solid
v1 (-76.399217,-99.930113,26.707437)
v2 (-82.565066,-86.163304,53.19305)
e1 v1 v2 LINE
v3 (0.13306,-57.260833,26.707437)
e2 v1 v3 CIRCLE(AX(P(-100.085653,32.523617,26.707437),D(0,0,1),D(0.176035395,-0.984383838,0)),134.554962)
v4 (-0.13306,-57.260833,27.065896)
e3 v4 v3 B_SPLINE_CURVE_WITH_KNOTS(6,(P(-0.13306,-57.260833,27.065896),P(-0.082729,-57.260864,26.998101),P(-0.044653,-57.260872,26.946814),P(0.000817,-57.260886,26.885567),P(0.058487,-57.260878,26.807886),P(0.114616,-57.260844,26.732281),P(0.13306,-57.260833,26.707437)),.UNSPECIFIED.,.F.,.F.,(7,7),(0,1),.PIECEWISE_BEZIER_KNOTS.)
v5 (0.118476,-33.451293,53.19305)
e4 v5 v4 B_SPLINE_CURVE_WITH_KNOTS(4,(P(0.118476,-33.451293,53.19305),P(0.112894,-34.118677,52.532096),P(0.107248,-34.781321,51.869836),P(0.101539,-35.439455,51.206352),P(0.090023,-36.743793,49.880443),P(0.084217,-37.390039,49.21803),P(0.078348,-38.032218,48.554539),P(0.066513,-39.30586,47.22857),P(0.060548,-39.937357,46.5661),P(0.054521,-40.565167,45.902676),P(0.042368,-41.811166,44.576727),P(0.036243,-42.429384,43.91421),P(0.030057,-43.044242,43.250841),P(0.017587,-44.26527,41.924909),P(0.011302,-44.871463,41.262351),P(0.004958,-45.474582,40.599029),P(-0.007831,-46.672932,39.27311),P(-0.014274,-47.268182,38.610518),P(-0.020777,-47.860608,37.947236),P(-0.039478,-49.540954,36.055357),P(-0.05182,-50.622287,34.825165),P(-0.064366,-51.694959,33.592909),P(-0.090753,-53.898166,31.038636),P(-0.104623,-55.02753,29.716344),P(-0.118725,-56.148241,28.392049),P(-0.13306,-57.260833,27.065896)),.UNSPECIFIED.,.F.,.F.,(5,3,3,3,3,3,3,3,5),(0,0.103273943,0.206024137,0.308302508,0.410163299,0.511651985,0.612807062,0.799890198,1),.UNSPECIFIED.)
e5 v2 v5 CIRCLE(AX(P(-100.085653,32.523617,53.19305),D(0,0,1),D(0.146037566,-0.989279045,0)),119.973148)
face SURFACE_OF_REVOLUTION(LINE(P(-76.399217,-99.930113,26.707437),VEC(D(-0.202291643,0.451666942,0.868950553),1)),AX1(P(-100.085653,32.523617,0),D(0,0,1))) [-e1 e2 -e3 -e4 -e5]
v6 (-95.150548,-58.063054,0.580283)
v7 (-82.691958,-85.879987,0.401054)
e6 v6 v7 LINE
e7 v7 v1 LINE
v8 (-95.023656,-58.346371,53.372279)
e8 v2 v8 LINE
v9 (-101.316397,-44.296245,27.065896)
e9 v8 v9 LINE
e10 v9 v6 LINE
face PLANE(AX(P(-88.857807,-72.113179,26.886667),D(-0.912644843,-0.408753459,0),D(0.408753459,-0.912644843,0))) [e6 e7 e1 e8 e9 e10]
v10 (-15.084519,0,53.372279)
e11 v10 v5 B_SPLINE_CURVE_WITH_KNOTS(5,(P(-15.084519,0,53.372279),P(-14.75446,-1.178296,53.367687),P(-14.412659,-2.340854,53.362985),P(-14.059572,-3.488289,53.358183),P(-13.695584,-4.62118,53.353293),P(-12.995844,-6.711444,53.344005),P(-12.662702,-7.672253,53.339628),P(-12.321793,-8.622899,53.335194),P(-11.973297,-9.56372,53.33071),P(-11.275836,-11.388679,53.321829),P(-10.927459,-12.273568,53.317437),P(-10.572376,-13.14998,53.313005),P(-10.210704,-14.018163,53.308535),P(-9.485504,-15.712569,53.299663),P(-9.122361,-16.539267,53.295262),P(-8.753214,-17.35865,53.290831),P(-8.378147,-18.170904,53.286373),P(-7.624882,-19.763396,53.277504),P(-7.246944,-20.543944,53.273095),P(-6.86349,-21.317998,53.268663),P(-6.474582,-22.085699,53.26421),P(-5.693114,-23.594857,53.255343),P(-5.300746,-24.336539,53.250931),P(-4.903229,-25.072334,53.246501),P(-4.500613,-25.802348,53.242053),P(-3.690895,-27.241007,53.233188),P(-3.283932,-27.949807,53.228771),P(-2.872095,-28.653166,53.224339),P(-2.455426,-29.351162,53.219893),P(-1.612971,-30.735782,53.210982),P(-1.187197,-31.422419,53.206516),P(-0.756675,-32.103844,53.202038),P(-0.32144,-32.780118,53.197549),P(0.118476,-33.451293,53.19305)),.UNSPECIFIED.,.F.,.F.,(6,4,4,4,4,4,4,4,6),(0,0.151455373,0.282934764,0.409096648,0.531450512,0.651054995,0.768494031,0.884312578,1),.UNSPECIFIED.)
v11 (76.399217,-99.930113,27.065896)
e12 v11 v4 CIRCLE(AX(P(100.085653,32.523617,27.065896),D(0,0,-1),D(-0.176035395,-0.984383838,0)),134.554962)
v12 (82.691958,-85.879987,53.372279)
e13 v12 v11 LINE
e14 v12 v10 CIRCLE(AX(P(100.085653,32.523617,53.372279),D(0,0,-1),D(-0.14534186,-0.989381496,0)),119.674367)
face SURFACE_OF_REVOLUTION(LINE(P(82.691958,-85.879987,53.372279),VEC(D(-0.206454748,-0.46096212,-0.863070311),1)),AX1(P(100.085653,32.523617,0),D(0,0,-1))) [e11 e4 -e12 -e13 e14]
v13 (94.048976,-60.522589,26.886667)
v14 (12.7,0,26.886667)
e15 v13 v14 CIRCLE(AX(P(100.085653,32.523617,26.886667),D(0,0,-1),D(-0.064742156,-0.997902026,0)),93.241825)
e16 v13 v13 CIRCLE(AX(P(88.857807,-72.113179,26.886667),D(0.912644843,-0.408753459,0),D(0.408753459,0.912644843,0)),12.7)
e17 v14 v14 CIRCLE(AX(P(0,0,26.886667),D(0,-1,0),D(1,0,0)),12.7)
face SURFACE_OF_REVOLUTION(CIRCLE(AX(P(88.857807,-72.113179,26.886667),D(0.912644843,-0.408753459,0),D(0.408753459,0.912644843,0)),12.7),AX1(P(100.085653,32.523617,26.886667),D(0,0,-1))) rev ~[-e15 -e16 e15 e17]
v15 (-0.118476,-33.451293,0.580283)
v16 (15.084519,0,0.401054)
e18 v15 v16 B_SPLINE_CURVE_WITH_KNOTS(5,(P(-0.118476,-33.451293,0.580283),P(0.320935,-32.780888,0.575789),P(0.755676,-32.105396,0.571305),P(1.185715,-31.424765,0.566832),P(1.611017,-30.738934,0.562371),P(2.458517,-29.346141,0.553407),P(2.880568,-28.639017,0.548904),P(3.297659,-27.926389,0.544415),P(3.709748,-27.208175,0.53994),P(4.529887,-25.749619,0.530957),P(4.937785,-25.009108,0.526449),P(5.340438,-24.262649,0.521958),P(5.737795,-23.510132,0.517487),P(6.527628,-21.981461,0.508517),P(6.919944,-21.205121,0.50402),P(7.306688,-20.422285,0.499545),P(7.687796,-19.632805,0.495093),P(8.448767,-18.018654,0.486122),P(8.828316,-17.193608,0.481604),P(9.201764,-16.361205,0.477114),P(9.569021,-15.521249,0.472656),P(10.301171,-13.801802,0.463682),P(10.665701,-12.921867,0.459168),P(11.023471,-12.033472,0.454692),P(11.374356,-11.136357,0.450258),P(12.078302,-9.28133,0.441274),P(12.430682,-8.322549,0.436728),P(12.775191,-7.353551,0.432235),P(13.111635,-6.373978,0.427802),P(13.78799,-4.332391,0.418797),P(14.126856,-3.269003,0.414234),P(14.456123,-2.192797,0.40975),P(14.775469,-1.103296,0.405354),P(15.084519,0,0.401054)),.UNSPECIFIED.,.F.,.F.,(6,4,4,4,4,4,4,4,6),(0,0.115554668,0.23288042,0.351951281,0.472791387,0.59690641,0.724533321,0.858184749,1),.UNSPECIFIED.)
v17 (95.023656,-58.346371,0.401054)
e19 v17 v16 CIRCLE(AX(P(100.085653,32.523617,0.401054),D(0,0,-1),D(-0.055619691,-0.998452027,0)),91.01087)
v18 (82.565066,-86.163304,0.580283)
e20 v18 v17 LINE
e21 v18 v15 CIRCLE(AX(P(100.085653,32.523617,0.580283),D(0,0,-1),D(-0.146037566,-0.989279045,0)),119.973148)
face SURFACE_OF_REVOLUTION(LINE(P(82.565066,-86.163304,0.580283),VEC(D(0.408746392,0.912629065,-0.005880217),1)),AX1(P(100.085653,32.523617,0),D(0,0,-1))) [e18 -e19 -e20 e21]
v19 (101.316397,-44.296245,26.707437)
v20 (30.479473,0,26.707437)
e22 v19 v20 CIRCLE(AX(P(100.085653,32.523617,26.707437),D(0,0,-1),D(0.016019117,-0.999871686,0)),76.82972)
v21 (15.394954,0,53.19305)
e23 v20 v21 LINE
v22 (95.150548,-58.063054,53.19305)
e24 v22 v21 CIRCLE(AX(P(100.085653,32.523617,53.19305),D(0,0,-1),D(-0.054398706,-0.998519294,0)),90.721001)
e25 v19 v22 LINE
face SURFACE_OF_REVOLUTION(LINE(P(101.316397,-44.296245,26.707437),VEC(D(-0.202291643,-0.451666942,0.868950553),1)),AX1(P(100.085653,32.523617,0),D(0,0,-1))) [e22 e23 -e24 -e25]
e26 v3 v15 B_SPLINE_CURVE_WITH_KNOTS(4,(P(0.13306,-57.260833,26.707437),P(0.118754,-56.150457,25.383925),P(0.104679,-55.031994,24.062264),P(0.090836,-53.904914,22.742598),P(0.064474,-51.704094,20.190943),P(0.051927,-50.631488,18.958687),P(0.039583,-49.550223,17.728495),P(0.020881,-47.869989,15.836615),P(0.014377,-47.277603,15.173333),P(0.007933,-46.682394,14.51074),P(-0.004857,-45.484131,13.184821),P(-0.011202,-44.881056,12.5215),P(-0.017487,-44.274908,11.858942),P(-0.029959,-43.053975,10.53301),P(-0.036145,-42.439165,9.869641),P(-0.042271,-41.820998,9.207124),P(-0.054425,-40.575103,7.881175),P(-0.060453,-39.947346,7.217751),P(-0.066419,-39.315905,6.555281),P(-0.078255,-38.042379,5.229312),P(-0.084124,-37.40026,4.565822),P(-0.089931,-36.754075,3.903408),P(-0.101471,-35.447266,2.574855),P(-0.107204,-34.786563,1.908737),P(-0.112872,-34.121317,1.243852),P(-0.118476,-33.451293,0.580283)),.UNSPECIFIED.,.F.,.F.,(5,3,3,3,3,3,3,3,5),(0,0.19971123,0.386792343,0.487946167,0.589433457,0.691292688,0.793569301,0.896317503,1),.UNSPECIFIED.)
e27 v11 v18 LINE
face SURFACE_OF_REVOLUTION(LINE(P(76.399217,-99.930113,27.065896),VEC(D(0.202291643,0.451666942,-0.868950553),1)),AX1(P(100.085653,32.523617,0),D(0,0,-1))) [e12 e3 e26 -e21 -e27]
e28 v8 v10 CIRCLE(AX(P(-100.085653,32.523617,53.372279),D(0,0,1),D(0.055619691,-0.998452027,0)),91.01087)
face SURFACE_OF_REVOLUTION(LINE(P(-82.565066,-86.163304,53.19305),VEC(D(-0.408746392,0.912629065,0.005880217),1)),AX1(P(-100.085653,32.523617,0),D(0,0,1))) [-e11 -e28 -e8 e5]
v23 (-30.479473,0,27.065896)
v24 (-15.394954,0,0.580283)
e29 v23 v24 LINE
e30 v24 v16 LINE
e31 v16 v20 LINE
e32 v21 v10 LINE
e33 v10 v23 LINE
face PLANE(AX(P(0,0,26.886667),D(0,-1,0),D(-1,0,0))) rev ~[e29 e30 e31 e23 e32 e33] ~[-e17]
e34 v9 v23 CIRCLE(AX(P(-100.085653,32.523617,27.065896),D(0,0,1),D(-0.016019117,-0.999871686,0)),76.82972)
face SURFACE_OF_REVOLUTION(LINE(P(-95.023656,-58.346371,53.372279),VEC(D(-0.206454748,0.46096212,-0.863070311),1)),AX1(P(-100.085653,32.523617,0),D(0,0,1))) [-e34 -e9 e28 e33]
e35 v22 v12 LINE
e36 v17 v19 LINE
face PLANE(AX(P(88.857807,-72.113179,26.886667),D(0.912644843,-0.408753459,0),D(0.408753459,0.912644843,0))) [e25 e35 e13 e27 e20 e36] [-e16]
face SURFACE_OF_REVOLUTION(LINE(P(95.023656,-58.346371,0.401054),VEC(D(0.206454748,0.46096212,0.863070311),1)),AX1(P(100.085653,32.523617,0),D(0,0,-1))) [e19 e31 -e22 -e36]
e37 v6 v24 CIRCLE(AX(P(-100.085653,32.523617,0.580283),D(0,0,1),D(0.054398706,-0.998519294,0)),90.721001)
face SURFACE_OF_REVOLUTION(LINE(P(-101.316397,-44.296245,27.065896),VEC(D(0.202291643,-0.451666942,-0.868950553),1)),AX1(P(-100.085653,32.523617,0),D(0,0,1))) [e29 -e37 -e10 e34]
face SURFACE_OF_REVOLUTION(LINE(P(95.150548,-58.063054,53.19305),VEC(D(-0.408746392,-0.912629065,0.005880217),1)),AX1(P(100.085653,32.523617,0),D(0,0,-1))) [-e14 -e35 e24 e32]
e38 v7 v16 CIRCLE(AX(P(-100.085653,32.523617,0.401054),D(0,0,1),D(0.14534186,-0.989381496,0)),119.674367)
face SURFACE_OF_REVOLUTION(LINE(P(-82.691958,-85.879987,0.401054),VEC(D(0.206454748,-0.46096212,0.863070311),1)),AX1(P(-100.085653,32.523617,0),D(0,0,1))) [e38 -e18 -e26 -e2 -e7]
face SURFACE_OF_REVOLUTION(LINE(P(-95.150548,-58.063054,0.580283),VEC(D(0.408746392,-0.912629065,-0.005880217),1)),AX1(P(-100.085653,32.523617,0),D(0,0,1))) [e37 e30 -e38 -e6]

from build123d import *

# Parameters (mm, degrees)
F0_R = 12.7


with BuildPart() as f2:
    # F2: sweep along a path in F1
    with BuildLine(Plane.XY) as f2_path:
        ThreePointArc((88.857807, -72.113179), (33.770109, -49.190349), (0, 0))
    # F0 (on Front) → F2 (sweep)
    with BuildSketch(Plane.XZ):
        Polygon((-30.479473, 27.065896), (-15.394954, 0.580283), (15.084519, 0.401054), (30.479473, 26.707437), (15.394954, 53.19305), (-15.084519, 53.372279), align=None)
        with Locations((0, 26.886667)):
            Circle(F0_R, mode=Mode.SUBTRACT)
        with Locations((0, 26.886667)):
            Circle(F0_R)
    sweep(path=f2_path.line)

    # F3: sweep along a path in F1
    with BuildLine(Plane.XY) as f3_path:
        ThreePointArc((-88.857807, -72.113179), (-33.770109, -49.190349), (0, 0))
    # F0 (on Front) → F3 (sweep)
    with BuildSketch(Plane.XZ):
        Polygon((-30.479473, 27.065896), (-15.394954, 0.580283), (15.084519, 0.401054), (30.479473, 26.707437), (15.394954, 53.19305), (-15.084519, 53.372279), align=None)
        with Locations((0, 26.886667)):
            Circle(F0_R, mode=Mode.SUBTRACT)
        with Locations((0, 26.886667)):
            Circle(F0_R)
    sweep(path=f3_path.line)

    # F4: sweep along a path in F1
    with BuildLine(Plane.XY) as f4_path:
        ThreePointArc((88.857807, -72.113179), (33.770109, -49.190349), (0, 0))
    # F0 (on Front) → F4 (sweep, cut)
    with BuildSketch(Plane.XZ):
        with Locations((0, 26.886667)):
            Circle(F0_R)
    sweep(path=f4_path.line, mode=Mode.SUBTRACT)


solid = f2.part
